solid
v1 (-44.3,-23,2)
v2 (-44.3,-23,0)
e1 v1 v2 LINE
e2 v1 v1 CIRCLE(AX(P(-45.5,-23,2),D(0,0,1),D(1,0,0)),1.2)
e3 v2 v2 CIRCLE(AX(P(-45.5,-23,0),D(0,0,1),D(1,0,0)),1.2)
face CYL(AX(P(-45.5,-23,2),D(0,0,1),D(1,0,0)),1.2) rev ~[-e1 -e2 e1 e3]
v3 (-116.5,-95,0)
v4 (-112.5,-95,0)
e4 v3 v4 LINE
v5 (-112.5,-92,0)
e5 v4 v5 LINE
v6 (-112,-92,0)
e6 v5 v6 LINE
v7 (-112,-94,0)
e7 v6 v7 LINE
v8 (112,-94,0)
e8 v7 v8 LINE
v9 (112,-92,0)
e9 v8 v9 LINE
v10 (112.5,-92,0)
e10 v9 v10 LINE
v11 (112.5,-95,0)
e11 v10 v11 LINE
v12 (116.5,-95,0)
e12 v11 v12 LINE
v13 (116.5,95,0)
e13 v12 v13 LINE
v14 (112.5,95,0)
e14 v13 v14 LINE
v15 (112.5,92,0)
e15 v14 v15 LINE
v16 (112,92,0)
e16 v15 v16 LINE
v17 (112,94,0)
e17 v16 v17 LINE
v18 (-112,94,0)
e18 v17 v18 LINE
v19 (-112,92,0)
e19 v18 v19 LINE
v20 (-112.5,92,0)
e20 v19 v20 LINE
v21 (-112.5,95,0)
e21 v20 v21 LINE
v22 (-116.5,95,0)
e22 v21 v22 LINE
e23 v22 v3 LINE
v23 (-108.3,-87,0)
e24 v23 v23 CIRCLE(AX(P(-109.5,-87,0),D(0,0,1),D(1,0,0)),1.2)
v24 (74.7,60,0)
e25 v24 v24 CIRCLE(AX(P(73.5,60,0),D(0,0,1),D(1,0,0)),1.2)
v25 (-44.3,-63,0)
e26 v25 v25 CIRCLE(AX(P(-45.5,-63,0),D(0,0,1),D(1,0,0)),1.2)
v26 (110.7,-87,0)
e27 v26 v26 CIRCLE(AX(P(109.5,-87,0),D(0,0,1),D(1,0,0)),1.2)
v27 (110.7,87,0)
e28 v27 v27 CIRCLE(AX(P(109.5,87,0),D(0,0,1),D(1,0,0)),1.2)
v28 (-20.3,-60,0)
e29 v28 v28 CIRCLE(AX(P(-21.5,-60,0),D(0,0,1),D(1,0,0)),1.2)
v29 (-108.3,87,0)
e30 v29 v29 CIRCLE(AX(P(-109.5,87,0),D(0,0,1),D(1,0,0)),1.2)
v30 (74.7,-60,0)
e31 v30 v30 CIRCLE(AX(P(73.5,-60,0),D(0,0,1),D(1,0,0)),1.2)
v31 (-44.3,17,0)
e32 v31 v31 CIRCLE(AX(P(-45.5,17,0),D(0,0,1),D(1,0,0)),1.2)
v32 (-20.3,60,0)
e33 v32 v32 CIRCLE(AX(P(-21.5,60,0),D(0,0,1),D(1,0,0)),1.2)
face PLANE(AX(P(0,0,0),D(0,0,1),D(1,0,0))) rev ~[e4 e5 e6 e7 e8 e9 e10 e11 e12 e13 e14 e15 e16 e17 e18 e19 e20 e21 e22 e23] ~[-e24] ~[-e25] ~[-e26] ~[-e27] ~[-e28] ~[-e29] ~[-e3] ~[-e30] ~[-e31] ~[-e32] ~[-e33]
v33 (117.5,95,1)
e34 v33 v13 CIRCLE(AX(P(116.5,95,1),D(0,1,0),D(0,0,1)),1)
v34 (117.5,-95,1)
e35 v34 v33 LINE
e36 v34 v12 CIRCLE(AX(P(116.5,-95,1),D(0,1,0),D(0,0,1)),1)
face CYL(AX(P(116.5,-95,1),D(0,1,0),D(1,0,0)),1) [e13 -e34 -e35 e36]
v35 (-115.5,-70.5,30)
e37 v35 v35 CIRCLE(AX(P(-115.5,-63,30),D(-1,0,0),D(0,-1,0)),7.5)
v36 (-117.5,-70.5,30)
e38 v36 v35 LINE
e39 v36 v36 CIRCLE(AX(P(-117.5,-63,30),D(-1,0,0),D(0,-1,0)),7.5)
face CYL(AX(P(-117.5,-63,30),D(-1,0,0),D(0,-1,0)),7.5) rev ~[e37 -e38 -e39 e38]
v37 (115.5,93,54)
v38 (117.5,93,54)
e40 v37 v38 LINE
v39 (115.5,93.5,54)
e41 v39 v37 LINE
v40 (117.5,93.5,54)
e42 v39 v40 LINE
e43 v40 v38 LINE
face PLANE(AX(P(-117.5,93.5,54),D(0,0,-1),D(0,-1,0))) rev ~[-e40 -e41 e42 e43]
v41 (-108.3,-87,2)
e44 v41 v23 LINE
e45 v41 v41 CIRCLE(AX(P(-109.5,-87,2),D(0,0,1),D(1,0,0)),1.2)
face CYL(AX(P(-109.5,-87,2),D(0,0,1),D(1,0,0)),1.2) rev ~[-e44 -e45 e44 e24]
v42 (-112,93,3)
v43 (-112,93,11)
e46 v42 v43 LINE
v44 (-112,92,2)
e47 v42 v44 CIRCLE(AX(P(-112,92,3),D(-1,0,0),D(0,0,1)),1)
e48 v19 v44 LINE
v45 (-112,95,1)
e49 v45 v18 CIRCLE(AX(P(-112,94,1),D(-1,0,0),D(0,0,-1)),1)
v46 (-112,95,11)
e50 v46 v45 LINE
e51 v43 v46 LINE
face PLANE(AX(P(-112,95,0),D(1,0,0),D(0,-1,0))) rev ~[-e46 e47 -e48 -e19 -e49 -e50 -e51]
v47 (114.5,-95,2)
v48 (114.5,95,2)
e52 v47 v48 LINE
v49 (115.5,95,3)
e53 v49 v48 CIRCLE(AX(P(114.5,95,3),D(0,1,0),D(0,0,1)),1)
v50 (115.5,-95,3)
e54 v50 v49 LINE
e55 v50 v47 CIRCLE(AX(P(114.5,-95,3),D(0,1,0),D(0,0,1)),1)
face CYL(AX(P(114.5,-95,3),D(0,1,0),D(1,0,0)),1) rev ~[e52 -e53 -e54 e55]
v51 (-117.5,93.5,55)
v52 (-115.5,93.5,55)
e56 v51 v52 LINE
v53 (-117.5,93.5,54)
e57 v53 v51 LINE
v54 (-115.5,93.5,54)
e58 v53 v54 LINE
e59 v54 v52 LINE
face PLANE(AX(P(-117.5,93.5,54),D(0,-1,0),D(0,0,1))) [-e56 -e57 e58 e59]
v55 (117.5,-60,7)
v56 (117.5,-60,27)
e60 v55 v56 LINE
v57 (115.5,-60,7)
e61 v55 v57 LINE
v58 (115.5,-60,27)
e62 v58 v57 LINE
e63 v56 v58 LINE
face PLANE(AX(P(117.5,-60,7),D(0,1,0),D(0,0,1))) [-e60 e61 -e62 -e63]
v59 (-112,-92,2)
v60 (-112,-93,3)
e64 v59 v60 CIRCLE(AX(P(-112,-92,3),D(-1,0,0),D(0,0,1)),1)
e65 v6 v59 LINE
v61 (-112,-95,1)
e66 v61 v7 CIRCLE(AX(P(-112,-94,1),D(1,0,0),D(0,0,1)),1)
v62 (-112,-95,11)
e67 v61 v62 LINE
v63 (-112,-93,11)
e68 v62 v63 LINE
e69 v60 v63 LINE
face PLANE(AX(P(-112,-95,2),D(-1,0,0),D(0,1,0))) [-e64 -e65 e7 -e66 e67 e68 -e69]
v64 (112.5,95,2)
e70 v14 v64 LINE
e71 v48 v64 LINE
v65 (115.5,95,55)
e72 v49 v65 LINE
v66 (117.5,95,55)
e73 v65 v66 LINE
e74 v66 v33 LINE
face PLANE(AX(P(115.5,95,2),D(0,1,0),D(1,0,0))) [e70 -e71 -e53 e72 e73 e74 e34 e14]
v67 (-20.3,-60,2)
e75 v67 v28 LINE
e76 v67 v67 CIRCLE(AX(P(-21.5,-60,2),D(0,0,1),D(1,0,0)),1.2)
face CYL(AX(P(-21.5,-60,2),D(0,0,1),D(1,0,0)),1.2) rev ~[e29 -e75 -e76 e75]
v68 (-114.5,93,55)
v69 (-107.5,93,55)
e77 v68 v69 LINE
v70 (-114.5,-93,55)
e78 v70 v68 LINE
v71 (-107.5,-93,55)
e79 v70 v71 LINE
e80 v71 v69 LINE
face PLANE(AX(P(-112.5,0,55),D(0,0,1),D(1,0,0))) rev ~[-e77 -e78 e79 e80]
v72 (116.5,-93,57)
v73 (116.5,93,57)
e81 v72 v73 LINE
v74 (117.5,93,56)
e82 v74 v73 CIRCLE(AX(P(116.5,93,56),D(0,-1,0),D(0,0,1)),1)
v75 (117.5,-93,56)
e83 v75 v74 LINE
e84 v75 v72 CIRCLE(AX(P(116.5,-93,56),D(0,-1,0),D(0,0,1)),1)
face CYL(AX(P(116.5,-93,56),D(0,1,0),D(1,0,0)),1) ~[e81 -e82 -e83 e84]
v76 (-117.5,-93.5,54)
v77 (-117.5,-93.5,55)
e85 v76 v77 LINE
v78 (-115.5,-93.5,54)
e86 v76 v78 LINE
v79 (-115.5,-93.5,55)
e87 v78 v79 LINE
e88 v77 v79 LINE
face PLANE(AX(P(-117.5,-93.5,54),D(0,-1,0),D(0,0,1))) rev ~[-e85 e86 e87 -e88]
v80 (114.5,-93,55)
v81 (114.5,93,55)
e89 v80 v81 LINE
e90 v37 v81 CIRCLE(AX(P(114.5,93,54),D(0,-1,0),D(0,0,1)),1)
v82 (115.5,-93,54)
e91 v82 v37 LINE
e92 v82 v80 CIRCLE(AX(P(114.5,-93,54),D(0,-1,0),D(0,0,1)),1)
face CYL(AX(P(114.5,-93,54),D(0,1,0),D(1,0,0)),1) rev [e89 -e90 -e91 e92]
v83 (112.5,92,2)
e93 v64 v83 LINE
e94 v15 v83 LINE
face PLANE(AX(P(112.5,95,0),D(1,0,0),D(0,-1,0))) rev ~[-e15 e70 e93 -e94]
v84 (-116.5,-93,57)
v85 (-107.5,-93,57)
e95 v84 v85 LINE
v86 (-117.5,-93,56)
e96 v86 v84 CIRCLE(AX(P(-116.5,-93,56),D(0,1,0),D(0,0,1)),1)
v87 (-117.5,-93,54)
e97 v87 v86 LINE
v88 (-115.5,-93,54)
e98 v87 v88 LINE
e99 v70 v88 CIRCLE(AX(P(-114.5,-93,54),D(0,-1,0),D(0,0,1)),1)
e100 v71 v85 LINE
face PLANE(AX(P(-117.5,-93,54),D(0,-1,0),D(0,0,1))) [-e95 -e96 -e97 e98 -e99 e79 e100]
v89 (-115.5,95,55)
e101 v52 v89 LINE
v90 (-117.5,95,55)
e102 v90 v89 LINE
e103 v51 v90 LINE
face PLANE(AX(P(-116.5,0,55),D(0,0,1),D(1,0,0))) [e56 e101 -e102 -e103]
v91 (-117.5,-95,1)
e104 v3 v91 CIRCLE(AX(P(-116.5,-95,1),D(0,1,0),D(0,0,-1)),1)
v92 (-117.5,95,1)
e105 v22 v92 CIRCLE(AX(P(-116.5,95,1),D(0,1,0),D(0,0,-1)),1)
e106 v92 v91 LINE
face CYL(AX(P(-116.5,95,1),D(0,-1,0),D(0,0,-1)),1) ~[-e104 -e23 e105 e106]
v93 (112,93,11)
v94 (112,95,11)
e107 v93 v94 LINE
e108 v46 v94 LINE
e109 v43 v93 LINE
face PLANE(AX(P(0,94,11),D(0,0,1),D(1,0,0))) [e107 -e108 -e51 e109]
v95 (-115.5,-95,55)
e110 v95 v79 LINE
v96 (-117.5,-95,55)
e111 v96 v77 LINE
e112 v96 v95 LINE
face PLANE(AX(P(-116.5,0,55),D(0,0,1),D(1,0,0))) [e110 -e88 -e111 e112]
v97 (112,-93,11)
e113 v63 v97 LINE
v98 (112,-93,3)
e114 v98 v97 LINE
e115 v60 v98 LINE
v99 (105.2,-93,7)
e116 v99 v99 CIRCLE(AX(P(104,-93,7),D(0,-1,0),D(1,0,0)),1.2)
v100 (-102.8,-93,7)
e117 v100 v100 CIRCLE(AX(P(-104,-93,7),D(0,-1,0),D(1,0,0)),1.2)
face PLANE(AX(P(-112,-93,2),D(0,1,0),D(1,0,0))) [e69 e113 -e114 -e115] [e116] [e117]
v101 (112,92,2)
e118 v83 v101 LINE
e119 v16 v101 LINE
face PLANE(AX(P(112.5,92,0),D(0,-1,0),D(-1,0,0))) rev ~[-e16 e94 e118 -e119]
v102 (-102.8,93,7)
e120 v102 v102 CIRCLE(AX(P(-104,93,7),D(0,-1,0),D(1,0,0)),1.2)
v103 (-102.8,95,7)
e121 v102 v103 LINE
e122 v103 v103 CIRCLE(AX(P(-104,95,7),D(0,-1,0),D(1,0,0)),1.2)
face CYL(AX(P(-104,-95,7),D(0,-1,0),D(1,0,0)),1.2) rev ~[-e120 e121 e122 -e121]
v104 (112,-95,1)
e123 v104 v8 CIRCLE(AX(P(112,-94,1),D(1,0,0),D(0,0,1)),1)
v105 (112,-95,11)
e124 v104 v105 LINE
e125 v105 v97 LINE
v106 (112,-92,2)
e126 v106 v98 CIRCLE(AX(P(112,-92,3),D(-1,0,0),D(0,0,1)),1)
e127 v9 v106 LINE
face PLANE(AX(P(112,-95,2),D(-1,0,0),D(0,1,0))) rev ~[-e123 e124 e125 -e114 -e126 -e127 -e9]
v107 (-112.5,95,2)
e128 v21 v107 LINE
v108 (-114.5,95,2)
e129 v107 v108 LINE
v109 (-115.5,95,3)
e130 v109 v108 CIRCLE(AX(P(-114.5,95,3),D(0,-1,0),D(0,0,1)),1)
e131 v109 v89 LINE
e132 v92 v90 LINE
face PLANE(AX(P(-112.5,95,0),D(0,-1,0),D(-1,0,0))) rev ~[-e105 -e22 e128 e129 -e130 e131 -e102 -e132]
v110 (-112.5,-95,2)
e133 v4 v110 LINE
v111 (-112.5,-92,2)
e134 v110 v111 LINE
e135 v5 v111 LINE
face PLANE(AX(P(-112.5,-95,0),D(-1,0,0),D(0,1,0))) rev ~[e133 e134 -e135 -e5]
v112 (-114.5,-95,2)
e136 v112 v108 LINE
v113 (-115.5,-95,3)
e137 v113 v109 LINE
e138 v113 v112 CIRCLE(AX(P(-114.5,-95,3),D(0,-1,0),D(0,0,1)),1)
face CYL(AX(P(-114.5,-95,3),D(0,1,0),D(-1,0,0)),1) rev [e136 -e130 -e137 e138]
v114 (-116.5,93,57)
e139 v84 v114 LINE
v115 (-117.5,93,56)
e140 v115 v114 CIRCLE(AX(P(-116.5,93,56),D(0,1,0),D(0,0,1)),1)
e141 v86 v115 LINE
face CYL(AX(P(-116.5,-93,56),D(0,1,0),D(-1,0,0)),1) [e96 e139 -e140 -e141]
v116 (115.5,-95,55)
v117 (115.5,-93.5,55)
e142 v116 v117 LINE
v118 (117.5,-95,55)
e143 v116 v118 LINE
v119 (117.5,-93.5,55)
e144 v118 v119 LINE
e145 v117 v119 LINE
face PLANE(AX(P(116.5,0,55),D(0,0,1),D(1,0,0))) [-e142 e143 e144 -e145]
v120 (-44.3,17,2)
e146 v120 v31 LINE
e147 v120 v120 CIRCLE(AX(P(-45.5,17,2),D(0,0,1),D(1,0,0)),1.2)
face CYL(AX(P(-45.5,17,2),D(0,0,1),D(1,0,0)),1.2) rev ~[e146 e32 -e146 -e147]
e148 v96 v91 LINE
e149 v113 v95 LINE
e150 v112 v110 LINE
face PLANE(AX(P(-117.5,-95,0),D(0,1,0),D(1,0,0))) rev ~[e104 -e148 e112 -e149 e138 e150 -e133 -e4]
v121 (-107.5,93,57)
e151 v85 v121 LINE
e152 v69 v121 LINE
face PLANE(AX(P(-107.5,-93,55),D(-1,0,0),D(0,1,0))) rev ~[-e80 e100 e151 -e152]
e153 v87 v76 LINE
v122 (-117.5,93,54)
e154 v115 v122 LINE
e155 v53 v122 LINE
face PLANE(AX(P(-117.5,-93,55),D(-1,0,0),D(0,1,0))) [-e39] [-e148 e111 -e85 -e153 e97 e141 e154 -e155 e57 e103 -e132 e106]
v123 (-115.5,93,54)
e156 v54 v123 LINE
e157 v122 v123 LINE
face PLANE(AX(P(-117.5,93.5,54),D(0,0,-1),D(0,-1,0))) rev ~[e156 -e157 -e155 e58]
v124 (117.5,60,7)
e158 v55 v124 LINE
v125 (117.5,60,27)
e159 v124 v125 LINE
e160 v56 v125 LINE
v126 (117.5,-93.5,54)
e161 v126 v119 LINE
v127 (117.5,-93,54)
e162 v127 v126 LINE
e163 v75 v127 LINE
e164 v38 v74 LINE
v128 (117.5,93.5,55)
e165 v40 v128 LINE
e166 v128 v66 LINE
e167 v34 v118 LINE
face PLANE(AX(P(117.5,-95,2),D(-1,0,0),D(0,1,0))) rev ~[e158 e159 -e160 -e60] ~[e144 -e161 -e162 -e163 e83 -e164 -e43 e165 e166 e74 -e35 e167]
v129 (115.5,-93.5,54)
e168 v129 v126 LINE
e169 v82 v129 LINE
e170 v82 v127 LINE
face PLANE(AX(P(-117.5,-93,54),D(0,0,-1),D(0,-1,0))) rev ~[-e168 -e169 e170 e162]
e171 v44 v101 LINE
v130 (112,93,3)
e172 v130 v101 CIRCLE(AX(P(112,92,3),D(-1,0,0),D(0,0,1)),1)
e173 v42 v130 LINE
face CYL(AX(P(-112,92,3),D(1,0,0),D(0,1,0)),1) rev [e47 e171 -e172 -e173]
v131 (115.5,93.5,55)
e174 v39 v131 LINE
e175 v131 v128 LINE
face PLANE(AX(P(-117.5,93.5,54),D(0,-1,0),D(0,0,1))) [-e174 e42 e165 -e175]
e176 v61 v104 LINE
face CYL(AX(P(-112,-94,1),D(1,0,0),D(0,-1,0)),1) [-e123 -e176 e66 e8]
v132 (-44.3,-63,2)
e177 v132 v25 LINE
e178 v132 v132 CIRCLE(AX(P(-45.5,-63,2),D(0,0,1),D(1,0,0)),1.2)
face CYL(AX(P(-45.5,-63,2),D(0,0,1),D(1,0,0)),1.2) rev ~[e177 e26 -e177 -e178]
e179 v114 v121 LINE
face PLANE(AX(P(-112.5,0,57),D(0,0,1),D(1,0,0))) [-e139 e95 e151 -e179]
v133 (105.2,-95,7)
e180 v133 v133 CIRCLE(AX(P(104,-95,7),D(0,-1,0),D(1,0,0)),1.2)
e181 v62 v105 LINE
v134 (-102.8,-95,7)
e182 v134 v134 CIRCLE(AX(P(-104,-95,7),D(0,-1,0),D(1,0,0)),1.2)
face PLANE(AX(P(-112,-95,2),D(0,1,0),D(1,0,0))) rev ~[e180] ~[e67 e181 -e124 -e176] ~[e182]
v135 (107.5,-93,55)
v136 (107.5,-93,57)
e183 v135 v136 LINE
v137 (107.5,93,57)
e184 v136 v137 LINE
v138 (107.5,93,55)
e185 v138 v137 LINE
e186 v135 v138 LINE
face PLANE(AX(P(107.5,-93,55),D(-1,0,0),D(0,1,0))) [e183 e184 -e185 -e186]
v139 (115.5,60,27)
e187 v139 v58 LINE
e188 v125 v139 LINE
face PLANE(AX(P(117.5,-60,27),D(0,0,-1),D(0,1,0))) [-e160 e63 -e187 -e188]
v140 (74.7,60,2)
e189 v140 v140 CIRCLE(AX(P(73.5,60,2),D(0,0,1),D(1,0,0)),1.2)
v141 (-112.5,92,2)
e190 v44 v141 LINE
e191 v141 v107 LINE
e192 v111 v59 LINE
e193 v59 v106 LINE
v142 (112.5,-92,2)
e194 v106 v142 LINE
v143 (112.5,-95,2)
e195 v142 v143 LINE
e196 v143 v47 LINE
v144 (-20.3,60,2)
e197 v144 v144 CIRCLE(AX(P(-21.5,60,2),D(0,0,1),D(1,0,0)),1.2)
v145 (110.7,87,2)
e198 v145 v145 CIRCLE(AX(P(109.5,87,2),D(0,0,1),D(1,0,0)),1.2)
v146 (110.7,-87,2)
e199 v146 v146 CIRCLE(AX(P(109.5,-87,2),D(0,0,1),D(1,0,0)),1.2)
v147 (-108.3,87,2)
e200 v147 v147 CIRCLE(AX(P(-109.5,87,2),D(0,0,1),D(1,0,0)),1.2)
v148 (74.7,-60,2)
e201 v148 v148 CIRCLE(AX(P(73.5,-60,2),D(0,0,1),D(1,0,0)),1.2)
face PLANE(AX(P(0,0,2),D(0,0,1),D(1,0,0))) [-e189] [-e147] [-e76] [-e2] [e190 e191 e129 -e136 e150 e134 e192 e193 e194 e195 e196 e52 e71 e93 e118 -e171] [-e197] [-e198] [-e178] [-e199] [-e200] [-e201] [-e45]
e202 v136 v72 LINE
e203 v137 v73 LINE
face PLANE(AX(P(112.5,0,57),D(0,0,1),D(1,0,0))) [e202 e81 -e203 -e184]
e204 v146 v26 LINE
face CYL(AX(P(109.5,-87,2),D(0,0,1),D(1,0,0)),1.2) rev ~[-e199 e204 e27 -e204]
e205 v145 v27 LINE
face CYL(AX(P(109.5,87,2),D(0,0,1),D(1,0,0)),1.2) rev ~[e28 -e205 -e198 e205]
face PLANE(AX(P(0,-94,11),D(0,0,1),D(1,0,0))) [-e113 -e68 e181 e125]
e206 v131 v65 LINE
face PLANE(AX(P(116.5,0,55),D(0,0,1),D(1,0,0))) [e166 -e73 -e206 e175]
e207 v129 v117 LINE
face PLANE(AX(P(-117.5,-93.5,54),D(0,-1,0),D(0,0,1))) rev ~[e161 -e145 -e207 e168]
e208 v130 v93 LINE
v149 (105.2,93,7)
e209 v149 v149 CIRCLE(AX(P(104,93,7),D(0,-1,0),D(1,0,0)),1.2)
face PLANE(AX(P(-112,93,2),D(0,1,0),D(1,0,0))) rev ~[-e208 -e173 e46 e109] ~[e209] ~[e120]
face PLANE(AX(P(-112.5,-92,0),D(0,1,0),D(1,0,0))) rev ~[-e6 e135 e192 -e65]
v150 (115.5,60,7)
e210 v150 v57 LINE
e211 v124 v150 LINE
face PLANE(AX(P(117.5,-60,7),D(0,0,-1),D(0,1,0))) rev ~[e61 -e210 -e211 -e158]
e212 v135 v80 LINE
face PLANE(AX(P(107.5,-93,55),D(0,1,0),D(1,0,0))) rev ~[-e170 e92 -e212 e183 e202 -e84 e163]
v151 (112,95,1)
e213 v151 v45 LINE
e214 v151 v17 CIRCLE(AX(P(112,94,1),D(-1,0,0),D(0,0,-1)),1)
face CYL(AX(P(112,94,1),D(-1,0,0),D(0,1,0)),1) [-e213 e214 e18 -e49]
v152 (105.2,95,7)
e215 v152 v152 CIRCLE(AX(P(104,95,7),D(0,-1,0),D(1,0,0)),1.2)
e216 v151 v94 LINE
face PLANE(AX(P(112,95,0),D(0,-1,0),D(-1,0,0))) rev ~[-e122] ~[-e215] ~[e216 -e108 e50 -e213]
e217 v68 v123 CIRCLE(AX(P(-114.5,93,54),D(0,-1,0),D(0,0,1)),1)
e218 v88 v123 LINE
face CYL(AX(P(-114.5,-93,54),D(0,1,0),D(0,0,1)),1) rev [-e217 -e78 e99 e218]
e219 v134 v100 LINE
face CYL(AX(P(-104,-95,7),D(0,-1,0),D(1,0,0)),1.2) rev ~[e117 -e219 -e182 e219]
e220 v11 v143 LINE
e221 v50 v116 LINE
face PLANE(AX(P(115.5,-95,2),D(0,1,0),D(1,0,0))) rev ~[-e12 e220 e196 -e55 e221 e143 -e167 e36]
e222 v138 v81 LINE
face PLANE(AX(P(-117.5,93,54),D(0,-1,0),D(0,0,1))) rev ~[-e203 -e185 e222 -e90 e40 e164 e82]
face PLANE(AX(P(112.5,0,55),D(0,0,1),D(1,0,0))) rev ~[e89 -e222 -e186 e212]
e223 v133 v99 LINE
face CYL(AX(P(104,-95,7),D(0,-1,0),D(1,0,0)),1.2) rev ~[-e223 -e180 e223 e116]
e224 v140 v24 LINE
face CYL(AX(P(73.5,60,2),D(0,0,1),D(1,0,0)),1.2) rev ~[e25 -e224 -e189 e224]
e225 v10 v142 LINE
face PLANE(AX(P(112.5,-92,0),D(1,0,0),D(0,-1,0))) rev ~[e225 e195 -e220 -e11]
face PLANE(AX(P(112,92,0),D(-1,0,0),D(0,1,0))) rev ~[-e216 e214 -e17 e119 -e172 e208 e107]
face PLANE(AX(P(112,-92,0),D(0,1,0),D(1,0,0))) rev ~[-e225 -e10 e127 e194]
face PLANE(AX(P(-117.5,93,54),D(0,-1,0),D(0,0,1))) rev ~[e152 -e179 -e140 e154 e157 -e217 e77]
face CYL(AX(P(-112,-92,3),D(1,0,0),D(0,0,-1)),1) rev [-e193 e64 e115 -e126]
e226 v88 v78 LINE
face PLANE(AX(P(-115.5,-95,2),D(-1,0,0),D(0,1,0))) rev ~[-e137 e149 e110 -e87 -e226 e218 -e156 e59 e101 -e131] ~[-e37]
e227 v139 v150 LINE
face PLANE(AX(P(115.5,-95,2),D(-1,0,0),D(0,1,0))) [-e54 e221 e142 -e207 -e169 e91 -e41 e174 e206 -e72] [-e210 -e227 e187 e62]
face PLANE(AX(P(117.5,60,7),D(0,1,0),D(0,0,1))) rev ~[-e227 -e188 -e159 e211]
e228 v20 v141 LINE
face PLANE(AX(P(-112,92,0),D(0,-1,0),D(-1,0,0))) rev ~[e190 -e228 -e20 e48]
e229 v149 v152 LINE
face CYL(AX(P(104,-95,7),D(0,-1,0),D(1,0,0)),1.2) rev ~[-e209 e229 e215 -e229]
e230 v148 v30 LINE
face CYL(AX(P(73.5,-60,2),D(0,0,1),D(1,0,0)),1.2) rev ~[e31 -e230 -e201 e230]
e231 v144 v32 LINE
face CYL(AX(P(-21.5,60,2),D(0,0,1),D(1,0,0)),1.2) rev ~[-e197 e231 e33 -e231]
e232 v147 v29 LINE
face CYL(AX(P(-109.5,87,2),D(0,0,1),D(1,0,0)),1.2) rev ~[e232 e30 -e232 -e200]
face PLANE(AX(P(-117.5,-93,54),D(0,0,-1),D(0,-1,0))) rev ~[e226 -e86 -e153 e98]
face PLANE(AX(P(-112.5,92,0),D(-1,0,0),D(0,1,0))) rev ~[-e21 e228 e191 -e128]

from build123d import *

# Parameters (mm, degrees)
F1_DEPTH  = 2
F2_W      = 2
F2_H      = 190
F3_DEPTH  = 53
F4_R      = 1
F5_W      = 10
F5_H      = 186
F6_DEPTH  = 2
F7_R      = 1
F8_W      = 224
F8_H      = 2
F9_DEPTH  = 9
F10_R     = 1
F11_W     = 0.5
F11_H     = 1
F12_DEPTH = 235.001
F13_R     = 7.5
F14_DEPTH = 3
F15_R     = 1.2
F16_DEPTH = 3
F17_R     = 1.2
F18_DEPTH = 190.001
F19_W     = 120
F19_H     = 20
F20_DEPTH = 3


with BuildPart() as f1:
    # F0 (on Top) → F1 (new body)
    with BuildSketch(Plane.XY):
        Polygon((112.5, -95), (117.5, -95), (117.5, 95), (112.5, 95), (112.5, 92), (112, 92), (112, 95), (-112, 95), (-112, 92), (-112.5, 92), (-112.5, 95), (-117.5, 95), (-117.5, -95), (-112.5, -95), (-112.5, -92), (-112, -92), (-112, -95), (112, -95), (112, -92), (112.5, -92), align=None)
    extrude(amount=F1_DEPTH)

    # F2 (on face) → F3 (join)
    with BuildSketch(Plane.XY.offset(2)):
        with Locations((116.5, 0)):
            Rectangle(F2_W, F2_H)
        with Locations((-116.5, 0)):
            Rectangle(F2_W, F2_H)
    extrude(amount=F3_DEPTH)

    # F4
    f4_edges = [f1.edges().sort_by_distance(p)[0] for p in [
        (-117.5, 0, 0),
        (117.5, 0, 0),
        (-115.5, 0, 2),
        (115.5, 0, 2),
    ]]
    fillet(f4_edges, radius=F4_R)

    # F5 (on face) → F6 (join)
    with BuildSketch(Plane.XY.offset(55)):
        with Locations((-112.5, 0)):
            Rectangle(F5_W, F5_H)
        with Locations((112.5, 0)):
            Rectangle(F5_W, F5_H)
    extrude(amount=F6_DEPTH)

    # F7
    f7_edges = [f1.edges().sort_by_distance(p)[0] for p in [
        (-117.5, 0, 57),
        (117.5, 0, 57),
        (-115.5, 0, 55),
        (115.5, 0, 55),
    ]]
    fillet(f7_edges, radius=F7_R)

    # F8 (on face) → F9 (join)
    with BuildSketch(Plane.XY.offset(2)):
        with Locations((0, -94)):
            Rectangle(F8_W, F8_H)
        with Locations((0, 94)):
            Rectangle(F8_W, F8_H)
    extrude(amount=F9_DEPTH)

    # F10
    f10_edges = [f1.edges().sort_by_distance(p)[0] for p in [
        (0, -95, 0),
        (0, -93, 2),
        (0, 93, 2),
        (0, 95, 0),
    ]]
    fillet(f10_edges, radius=F10_R)

    # F11 (on face) → F12 (cut, through all)
    with BuildSketch(Plane(origin=(-117.5, 0, 0), x_dir=(0, -1, 0), z_dir=(-1, 0, 0))):
        with Locations((93.25, 54.5)):
            Rectangle(F11_W, F11_H)
        with Locations((-93.25, 54.5)):
            Rectangle(F11_W, F11_H)
    extrude(amount=-F12_DEPTH, mode=Mode.SUBTRACT)

    # F13 (on face) → F14 (cut)
    with BuildSketch(Plane(origin=(-117.5, 0, 0), x_dir=(0, -1, 0), z_dir=(-1, 0, 0))):
        with Locations((63, 30)):
            Circle(F13_R)
    extrude(amount=-F14_DEPTH, mode=Mode.SUBTRACT)

    # F15 (on face) → F16 (cut)
    with BuildSketch(Plane.XY.offset(2)):
        with Locations((-109.5, 87)):
            Circle(F15_R)
        with Locations((109.5, 87)):
            Circle(F15_R)
        with Locations((-109.5, -87)):
            Circle(F15_R)
        with Locations((109.5, -87)):
            Circle(F15_R)
        with Locations((-21.5, 60)):
            Circle(F15_R)
        with Locations((73.5, 60)):
            Circle(F15_R)
        with Locations((-21.5, -60)):
            Circle(F15_R)
        with Locations((73.5, -60)):
            Circle(F15_R)
        with Locations((-45.5, 17)):
            Circle(F15_R)
        with Locations((-45.5, -23)):
            Circle(F15_R)
        with Locations((-45.5, -63)):
            Circle(F15_R)
    extrude(amount=-F16_DEPTH, mode=Mode.SUBTRACT)

    # F17 (on face) → F18 (cut, through all)
    with BuildSketch(Plane.XZ.offset(95)):
        with Locations((104, 7)):
            Circle(F17_R)
        with Locations((-104, 7)):
            Circle(F17_R)
    extrude(amount=-F18_DEPTH, mode=Mode.SUBTRACT)

    # F19 (on face) → F20 (cut)
    with BuildSketch(Plane.YZ.offset(117.5)):
        with Locations((0, 17)):
            Rectangle(F19_W, F19_H)
    extrude(amount=-F20_DEPTH, mode=Mode.SUBTRACT)


solid = f1.part
